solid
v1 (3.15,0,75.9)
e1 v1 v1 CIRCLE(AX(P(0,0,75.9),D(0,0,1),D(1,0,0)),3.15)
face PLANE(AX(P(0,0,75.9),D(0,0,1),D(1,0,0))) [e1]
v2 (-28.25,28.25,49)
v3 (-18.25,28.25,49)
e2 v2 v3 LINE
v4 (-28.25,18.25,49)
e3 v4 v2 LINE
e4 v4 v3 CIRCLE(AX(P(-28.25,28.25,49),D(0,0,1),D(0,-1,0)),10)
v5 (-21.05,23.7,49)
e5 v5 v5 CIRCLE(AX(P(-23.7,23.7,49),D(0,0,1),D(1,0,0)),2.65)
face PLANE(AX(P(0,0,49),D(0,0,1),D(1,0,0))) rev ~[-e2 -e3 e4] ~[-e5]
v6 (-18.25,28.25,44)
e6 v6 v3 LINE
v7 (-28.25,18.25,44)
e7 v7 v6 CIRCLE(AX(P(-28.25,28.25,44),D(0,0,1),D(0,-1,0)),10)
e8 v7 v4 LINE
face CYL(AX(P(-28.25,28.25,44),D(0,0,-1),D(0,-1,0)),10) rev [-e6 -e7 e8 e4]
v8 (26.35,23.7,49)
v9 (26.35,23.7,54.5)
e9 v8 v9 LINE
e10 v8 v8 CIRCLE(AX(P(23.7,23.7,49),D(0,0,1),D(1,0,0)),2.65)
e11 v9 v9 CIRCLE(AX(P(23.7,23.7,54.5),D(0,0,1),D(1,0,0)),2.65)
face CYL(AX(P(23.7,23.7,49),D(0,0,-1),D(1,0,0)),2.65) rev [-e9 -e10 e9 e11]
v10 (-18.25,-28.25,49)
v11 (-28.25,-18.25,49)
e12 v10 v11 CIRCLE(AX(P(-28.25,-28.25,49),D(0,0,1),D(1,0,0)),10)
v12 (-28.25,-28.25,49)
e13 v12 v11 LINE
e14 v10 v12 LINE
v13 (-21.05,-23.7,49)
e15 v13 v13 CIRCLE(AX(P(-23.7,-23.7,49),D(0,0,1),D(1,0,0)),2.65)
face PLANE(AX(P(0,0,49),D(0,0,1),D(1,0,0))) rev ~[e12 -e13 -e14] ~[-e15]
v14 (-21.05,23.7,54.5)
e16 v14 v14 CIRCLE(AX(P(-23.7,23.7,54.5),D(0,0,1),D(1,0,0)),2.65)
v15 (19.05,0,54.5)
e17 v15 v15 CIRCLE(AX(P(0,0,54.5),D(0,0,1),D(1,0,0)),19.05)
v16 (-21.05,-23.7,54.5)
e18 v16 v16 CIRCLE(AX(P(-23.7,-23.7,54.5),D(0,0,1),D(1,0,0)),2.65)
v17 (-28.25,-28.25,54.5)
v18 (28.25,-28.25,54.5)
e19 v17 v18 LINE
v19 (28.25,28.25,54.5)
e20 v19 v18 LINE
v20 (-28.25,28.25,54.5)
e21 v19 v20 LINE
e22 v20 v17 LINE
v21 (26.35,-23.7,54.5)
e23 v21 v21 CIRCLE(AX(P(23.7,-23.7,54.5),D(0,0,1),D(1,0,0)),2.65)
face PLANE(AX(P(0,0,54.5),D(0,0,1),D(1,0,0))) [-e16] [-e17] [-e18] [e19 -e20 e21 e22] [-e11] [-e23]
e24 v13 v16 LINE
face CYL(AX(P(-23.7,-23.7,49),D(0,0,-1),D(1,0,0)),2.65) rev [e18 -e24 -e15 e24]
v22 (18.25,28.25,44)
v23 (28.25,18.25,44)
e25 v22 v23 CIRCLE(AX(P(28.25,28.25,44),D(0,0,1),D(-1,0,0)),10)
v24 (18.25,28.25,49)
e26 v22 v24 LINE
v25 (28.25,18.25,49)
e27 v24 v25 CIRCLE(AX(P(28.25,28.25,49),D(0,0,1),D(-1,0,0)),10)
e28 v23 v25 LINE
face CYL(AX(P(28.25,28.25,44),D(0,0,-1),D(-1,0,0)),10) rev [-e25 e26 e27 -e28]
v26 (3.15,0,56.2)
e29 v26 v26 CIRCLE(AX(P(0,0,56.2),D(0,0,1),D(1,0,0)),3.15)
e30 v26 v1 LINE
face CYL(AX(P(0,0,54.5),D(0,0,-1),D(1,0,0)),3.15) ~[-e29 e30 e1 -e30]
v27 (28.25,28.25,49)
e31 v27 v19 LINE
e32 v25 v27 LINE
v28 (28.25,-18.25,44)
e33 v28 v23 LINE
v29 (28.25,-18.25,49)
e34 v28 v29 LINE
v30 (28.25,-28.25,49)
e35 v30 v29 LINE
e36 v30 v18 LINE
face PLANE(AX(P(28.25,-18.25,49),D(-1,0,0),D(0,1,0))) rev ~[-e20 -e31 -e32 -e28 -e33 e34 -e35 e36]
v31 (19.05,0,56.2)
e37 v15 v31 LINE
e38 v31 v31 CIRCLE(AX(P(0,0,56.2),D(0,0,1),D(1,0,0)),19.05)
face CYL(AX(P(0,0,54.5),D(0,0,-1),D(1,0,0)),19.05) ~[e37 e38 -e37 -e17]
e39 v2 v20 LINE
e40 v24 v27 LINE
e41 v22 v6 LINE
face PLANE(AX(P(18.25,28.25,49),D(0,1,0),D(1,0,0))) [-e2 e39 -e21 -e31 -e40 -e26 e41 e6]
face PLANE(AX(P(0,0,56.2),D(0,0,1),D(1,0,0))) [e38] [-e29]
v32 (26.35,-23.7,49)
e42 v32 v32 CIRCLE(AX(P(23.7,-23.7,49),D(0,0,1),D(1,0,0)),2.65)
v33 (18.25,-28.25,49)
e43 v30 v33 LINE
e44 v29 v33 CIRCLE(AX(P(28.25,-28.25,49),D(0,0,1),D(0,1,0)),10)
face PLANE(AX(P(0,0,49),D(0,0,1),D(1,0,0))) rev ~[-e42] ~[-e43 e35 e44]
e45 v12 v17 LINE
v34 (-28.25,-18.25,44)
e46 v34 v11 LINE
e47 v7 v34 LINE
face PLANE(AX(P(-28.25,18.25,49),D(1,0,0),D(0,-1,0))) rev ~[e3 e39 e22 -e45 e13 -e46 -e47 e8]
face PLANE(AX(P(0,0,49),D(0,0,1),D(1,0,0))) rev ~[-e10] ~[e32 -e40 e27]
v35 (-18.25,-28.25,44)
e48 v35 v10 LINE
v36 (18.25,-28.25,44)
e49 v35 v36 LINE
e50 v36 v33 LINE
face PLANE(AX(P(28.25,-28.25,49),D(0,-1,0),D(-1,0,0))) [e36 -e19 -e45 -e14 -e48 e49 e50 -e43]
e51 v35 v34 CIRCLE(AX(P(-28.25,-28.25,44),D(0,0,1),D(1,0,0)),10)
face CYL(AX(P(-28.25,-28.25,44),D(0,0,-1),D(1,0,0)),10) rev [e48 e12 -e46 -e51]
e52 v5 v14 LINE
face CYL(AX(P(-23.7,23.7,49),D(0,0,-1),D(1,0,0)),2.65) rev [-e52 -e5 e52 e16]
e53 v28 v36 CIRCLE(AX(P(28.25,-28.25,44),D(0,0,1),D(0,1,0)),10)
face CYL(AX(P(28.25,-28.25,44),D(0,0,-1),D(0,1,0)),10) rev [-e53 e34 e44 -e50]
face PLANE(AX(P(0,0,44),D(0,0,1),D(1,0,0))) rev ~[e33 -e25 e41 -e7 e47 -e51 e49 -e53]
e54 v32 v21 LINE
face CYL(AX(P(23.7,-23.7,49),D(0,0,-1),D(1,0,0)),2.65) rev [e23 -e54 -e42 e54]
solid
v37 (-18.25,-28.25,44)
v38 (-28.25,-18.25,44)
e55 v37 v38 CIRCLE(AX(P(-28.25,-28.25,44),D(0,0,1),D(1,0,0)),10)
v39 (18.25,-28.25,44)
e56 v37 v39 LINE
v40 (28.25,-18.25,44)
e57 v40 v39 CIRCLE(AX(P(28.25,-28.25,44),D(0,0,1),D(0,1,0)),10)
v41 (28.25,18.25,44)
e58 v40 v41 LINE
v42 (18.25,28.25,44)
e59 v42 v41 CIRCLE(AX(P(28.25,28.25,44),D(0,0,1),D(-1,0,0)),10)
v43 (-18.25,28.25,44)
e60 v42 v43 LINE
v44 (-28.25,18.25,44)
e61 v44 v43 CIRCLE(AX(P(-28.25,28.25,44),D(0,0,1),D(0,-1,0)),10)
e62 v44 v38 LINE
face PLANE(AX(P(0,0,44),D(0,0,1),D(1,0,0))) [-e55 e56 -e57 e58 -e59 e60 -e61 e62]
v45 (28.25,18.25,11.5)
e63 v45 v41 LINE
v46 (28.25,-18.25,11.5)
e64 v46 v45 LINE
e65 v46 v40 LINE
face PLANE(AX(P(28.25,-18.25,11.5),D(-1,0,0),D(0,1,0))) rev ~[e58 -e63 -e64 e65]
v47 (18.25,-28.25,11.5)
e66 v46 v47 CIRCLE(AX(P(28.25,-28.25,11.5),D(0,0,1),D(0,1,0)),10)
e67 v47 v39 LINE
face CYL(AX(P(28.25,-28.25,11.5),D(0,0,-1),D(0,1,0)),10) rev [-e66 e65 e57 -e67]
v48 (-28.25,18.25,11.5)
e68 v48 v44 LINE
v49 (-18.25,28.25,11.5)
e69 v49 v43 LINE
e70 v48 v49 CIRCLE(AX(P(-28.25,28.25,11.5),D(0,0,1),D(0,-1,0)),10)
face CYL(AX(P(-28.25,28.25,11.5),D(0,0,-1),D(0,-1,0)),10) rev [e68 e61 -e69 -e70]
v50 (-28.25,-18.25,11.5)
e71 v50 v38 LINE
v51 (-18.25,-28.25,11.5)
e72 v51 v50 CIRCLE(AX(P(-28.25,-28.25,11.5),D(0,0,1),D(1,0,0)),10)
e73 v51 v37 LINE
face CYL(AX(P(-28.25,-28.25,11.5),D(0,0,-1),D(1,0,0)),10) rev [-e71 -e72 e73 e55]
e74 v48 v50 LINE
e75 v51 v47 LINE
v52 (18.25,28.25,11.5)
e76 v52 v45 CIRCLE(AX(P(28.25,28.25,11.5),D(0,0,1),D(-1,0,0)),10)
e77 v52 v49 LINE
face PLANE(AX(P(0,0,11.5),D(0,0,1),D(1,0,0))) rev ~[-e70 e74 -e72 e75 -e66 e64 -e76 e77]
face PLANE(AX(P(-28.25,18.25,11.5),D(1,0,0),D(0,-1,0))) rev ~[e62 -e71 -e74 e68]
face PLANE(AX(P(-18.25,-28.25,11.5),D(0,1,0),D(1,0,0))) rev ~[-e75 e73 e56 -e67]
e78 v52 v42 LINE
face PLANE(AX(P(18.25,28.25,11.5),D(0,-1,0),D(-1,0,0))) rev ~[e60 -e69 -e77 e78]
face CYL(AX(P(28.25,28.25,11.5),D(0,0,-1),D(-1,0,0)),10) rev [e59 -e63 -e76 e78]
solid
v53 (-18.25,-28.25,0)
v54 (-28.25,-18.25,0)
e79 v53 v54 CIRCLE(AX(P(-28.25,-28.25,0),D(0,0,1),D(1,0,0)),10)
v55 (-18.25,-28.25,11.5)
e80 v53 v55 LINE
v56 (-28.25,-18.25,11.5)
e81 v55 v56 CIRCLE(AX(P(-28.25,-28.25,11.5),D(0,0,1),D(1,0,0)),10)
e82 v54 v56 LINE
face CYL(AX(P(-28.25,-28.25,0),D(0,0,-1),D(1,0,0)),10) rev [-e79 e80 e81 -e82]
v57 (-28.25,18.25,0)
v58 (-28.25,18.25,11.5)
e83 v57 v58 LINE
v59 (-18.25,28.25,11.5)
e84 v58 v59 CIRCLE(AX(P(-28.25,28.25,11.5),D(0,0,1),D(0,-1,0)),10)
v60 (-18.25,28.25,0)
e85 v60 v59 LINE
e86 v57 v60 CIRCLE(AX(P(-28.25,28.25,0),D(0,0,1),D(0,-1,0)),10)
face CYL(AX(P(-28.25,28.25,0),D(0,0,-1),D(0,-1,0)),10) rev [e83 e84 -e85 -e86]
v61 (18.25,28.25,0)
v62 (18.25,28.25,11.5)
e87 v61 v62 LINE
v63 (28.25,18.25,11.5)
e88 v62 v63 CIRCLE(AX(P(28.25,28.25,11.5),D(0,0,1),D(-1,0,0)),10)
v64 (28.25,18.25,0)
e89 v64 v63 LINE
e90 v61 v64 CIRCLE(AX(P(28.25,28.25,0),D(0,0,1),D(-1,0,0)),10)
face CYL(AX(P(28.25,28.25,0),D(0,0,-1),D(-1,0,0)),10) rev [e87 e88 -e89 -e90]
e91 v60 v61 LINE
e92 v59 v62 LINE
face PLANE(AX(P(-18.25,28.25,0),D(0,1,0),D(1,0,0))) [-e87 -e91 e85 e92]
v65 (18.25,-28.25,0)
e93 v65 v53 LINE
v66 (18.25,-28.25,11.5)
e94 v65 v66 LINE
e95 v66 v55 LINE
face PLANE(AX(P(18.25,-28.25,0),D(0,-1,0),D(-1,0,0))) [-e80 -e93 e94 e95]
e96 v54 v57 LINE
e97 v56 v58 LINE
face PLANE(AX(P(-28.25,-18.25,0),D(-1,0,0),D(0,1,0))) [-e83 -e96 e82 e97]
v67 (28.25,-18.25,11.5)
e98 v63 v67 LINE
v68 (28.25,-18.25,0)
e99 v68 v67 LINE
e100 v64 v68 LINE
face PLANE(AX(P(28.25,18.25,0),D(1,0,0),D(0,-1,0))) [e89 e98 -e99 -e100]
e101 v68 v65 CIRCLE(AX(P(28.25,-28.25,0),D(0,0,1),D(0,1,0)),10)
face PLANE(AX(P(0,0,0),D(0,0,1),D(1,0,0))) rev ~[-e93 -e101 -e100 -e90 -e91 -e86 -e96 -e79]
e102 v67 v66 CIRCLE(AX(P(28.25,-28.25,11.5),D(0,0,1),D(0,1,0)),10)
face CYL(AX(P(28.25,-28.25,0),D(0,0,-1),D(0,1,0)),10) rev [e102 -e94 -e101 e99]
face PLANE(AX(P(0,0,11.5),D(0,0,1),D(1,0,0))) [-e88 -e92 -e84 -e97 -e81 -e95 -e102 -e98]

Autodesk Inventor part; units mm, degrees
ref_plane "YZ Plane" through (0, 0, 0) normal (1, 0, 0) x (0, 1, 0)
ref_plane "XZ Plane" through (0, 0, 0) normal (0, 1, 0) x (-1, 0, 0)
ref_plane "XY Plane" through (0, 0, 0) normal (0, 0, 1) x (1, 0, 0)
sketch "Sketch1" plane through (0, 0, 0) normal (0, 0, 1) x (1, 0, 0)
  line L0 (18.25, -28.25) -> (-18.25, -28.25)
  line L1 (-28.25, -18.25) -> (-28.25, 18.25)
  line L2 (-18.25, 28.25) -> (18.25, 28.25)
  line L3 (28.25, 18.25) -> (28.25, -18.25)
  line L4 (28.25, -28.25) -> (-28.25, 28.25) construction
  line L5 (-28.25, -28.25) -> (28.25, 28.25) construction
  arc A0 (-28.25, 18.25) -> (-18.25, 28.25) centre (-28.25, 28.25) ccw
  arc A1 (18.25, 28.25) -> (28.25, 18.25) centre (28.25, 28.25) ccw
  arc A2 (-18.25, -28.25) -> (-28.25, -18.25) centre (-28.25, -28.25) ccw
  arc A3 (28.25, -18.25) -> (18.25, -28.25) centre (28.25, -28.25) ccw
  point P0 (0, 0)
  dimension "d0" = 56.5
  dimension "d1" = 56.5
  dimension "d2" = 20
  dimension "d3" = 20
  dimension "d4" = 20
  dimension "d5" = 20
  dimension "d6" = 56.5
  dimension "d7" = 56.5
  dimension "d8" = 56.5
  dimension "d9" = 56.5
  dimension "d10" = 28.25
  dimension "d11" = 28.25
  dimension "d12" = 28.25
  dimension "d13" = 28.25
extrude "Extrusion1" add sketch "Sketch1" along normal blind 11.5
sketch "Sketch2" plane through (0, 0, 11.5) normal (0, 0, 1) x (1, 0, 0)
  line L0 (18.25, 28.25) -> (-18.25, 28.25) projected
  arc A0 (-28.25, 18.25) -> (-18.25, 28.25) centre (-28.25, 28.25) ccw projected
  line L1 (-28.25, 18.25) -> (-28.25, -18.25) projected
  arc A1 (-18.25, -28.25) -> (-28.25, -18.25) centre (-28.25, -28.25) ccw projected
  line L2 (-18.25, -28.25) -> (18.25, -28.25) projected
  arc A2 (28.25, -18.25) -> (18.25, -28.25) centre (28.25, -28.25) ccw projected
  line L3 (28.25, -18.25) -> (28.25, 18.25) projected
  arc A3 (18.25, 28.25) -> (28.25, 18.25) centre (28.25, 28.25) ccw projected
  point P0 (0, 0)
extrude "Extrusion2" add sketch "Sketch2" along normal blind 32.5 separate body
sketch "Sketch3" plane through (0, 0, 44) normal (0, 0, 1) x (1, 0, 0)
  line L0 (18.25, 28.25) -> (-18.25, 28.25) projected
  arc A0 (-28.25, 18.25) -> (-18.25, 28.25) centre (-28.25, 28.25) ccw projected
  line L1 (-28.25, 18.25) -> (-28.25, -18.25) projected
  arc A1 (-18.25, -28.25) -> (-28.25, -18.25) centre (-28.25, -28.25) ccw projected
  line L2 (-18.25, -28.25) -> (18.25, -28.25) projected
  arc A2 (28.25, -18.25) -> (18.25, -28.25) centre (28.25, -28.25) ccw projected
  line L3 (28.25, -18.25) -> (28.25, 18.25) projected
  arc A3 (18.25, 28.25) -> (28.25, 18.25) centre (28.25, 28.25) ccw projected
  point P0 (0, 0)
extrude "Extrusion3" add sketch "Sketch3" along normal blind 5 separate body
sketch "Sketch4" plane through (0, 0, 49) normal (0, 0, 1) x (1, 0, 0)
  line L0 (18.25, 28.25) -> (-18.25, 28.25) projected
  arc A0 (-28.25, 18.25) -> (-18.25, 28.25) centre (-28.25, 28.25) ccw projected
  line L1 (-28.25, 18.25) -> (-28.25, -18.25) projected
  arc A1 (-18.25, -28.25) -> (-28.25, -18.25) centre (-28.25, -28.25) ccw projected
  line L2 (-18.25, -28.25) -> (18.25, -28.25) projected
  arc A2 (28.25, -18.25) -> (18.25, -28.25) centre (28.25, -28.25) ccw projected
  line L3 (28.25, -18.25) -> (28.25, 18.25) projected
  arc A3 (18.25, 28.25) -> (28.25, 18.25) centre (28.25, 28.25) ccw projected
  line L4 (-28.25, 28.25) -> (28.25, 28.25)
  line L5 (28.25, 28.25) -> (28.25, -28.25)
  line L6 (28.25, -28.25) -> (-28.25, -28.25)
  line L7 (-28.25, -28.25) -> (-28.25, 28.25)
  circle A4 centre (-23.7, -23.7) radius 2.65
  circle A5 centre (23.7, -23.7) radius 2.65
  circle A6 centre (-23.7, 23.7) radius 2.65
  circle A7 centre (23.7, 23.7) radius 2.65
  point P0 (0, 0)
  dimension "d22" = 5.3
  dimension "d24" = 1.9
  dimension "d25" = 1.9
  dimension "d28" = 47.4
  dimension "d31" = 47.4
extrude "Extrusion4" add sketch "Sketch4" along normal blind 5.5 bodies 3
sketch "Sketch5" plane through (0, 0, 54.5) normal (0, 0, 1) x (1, 0, 0)
  circle A0 centre (0, 0) radius 19.05
  circle A1 centre (0, 0) radius 3.15
  dimension "d36" = 38.1
  dimension "d37" = 6.3
extrude "Extrusion5" add sketch "Sketch5" along normal blind 1.7 bodies 3
extrude "Extrusion6" add sketch "Sketch5" along normal blind 21.4 contours A1 bodies 3
properties part number "NEMA 23"
